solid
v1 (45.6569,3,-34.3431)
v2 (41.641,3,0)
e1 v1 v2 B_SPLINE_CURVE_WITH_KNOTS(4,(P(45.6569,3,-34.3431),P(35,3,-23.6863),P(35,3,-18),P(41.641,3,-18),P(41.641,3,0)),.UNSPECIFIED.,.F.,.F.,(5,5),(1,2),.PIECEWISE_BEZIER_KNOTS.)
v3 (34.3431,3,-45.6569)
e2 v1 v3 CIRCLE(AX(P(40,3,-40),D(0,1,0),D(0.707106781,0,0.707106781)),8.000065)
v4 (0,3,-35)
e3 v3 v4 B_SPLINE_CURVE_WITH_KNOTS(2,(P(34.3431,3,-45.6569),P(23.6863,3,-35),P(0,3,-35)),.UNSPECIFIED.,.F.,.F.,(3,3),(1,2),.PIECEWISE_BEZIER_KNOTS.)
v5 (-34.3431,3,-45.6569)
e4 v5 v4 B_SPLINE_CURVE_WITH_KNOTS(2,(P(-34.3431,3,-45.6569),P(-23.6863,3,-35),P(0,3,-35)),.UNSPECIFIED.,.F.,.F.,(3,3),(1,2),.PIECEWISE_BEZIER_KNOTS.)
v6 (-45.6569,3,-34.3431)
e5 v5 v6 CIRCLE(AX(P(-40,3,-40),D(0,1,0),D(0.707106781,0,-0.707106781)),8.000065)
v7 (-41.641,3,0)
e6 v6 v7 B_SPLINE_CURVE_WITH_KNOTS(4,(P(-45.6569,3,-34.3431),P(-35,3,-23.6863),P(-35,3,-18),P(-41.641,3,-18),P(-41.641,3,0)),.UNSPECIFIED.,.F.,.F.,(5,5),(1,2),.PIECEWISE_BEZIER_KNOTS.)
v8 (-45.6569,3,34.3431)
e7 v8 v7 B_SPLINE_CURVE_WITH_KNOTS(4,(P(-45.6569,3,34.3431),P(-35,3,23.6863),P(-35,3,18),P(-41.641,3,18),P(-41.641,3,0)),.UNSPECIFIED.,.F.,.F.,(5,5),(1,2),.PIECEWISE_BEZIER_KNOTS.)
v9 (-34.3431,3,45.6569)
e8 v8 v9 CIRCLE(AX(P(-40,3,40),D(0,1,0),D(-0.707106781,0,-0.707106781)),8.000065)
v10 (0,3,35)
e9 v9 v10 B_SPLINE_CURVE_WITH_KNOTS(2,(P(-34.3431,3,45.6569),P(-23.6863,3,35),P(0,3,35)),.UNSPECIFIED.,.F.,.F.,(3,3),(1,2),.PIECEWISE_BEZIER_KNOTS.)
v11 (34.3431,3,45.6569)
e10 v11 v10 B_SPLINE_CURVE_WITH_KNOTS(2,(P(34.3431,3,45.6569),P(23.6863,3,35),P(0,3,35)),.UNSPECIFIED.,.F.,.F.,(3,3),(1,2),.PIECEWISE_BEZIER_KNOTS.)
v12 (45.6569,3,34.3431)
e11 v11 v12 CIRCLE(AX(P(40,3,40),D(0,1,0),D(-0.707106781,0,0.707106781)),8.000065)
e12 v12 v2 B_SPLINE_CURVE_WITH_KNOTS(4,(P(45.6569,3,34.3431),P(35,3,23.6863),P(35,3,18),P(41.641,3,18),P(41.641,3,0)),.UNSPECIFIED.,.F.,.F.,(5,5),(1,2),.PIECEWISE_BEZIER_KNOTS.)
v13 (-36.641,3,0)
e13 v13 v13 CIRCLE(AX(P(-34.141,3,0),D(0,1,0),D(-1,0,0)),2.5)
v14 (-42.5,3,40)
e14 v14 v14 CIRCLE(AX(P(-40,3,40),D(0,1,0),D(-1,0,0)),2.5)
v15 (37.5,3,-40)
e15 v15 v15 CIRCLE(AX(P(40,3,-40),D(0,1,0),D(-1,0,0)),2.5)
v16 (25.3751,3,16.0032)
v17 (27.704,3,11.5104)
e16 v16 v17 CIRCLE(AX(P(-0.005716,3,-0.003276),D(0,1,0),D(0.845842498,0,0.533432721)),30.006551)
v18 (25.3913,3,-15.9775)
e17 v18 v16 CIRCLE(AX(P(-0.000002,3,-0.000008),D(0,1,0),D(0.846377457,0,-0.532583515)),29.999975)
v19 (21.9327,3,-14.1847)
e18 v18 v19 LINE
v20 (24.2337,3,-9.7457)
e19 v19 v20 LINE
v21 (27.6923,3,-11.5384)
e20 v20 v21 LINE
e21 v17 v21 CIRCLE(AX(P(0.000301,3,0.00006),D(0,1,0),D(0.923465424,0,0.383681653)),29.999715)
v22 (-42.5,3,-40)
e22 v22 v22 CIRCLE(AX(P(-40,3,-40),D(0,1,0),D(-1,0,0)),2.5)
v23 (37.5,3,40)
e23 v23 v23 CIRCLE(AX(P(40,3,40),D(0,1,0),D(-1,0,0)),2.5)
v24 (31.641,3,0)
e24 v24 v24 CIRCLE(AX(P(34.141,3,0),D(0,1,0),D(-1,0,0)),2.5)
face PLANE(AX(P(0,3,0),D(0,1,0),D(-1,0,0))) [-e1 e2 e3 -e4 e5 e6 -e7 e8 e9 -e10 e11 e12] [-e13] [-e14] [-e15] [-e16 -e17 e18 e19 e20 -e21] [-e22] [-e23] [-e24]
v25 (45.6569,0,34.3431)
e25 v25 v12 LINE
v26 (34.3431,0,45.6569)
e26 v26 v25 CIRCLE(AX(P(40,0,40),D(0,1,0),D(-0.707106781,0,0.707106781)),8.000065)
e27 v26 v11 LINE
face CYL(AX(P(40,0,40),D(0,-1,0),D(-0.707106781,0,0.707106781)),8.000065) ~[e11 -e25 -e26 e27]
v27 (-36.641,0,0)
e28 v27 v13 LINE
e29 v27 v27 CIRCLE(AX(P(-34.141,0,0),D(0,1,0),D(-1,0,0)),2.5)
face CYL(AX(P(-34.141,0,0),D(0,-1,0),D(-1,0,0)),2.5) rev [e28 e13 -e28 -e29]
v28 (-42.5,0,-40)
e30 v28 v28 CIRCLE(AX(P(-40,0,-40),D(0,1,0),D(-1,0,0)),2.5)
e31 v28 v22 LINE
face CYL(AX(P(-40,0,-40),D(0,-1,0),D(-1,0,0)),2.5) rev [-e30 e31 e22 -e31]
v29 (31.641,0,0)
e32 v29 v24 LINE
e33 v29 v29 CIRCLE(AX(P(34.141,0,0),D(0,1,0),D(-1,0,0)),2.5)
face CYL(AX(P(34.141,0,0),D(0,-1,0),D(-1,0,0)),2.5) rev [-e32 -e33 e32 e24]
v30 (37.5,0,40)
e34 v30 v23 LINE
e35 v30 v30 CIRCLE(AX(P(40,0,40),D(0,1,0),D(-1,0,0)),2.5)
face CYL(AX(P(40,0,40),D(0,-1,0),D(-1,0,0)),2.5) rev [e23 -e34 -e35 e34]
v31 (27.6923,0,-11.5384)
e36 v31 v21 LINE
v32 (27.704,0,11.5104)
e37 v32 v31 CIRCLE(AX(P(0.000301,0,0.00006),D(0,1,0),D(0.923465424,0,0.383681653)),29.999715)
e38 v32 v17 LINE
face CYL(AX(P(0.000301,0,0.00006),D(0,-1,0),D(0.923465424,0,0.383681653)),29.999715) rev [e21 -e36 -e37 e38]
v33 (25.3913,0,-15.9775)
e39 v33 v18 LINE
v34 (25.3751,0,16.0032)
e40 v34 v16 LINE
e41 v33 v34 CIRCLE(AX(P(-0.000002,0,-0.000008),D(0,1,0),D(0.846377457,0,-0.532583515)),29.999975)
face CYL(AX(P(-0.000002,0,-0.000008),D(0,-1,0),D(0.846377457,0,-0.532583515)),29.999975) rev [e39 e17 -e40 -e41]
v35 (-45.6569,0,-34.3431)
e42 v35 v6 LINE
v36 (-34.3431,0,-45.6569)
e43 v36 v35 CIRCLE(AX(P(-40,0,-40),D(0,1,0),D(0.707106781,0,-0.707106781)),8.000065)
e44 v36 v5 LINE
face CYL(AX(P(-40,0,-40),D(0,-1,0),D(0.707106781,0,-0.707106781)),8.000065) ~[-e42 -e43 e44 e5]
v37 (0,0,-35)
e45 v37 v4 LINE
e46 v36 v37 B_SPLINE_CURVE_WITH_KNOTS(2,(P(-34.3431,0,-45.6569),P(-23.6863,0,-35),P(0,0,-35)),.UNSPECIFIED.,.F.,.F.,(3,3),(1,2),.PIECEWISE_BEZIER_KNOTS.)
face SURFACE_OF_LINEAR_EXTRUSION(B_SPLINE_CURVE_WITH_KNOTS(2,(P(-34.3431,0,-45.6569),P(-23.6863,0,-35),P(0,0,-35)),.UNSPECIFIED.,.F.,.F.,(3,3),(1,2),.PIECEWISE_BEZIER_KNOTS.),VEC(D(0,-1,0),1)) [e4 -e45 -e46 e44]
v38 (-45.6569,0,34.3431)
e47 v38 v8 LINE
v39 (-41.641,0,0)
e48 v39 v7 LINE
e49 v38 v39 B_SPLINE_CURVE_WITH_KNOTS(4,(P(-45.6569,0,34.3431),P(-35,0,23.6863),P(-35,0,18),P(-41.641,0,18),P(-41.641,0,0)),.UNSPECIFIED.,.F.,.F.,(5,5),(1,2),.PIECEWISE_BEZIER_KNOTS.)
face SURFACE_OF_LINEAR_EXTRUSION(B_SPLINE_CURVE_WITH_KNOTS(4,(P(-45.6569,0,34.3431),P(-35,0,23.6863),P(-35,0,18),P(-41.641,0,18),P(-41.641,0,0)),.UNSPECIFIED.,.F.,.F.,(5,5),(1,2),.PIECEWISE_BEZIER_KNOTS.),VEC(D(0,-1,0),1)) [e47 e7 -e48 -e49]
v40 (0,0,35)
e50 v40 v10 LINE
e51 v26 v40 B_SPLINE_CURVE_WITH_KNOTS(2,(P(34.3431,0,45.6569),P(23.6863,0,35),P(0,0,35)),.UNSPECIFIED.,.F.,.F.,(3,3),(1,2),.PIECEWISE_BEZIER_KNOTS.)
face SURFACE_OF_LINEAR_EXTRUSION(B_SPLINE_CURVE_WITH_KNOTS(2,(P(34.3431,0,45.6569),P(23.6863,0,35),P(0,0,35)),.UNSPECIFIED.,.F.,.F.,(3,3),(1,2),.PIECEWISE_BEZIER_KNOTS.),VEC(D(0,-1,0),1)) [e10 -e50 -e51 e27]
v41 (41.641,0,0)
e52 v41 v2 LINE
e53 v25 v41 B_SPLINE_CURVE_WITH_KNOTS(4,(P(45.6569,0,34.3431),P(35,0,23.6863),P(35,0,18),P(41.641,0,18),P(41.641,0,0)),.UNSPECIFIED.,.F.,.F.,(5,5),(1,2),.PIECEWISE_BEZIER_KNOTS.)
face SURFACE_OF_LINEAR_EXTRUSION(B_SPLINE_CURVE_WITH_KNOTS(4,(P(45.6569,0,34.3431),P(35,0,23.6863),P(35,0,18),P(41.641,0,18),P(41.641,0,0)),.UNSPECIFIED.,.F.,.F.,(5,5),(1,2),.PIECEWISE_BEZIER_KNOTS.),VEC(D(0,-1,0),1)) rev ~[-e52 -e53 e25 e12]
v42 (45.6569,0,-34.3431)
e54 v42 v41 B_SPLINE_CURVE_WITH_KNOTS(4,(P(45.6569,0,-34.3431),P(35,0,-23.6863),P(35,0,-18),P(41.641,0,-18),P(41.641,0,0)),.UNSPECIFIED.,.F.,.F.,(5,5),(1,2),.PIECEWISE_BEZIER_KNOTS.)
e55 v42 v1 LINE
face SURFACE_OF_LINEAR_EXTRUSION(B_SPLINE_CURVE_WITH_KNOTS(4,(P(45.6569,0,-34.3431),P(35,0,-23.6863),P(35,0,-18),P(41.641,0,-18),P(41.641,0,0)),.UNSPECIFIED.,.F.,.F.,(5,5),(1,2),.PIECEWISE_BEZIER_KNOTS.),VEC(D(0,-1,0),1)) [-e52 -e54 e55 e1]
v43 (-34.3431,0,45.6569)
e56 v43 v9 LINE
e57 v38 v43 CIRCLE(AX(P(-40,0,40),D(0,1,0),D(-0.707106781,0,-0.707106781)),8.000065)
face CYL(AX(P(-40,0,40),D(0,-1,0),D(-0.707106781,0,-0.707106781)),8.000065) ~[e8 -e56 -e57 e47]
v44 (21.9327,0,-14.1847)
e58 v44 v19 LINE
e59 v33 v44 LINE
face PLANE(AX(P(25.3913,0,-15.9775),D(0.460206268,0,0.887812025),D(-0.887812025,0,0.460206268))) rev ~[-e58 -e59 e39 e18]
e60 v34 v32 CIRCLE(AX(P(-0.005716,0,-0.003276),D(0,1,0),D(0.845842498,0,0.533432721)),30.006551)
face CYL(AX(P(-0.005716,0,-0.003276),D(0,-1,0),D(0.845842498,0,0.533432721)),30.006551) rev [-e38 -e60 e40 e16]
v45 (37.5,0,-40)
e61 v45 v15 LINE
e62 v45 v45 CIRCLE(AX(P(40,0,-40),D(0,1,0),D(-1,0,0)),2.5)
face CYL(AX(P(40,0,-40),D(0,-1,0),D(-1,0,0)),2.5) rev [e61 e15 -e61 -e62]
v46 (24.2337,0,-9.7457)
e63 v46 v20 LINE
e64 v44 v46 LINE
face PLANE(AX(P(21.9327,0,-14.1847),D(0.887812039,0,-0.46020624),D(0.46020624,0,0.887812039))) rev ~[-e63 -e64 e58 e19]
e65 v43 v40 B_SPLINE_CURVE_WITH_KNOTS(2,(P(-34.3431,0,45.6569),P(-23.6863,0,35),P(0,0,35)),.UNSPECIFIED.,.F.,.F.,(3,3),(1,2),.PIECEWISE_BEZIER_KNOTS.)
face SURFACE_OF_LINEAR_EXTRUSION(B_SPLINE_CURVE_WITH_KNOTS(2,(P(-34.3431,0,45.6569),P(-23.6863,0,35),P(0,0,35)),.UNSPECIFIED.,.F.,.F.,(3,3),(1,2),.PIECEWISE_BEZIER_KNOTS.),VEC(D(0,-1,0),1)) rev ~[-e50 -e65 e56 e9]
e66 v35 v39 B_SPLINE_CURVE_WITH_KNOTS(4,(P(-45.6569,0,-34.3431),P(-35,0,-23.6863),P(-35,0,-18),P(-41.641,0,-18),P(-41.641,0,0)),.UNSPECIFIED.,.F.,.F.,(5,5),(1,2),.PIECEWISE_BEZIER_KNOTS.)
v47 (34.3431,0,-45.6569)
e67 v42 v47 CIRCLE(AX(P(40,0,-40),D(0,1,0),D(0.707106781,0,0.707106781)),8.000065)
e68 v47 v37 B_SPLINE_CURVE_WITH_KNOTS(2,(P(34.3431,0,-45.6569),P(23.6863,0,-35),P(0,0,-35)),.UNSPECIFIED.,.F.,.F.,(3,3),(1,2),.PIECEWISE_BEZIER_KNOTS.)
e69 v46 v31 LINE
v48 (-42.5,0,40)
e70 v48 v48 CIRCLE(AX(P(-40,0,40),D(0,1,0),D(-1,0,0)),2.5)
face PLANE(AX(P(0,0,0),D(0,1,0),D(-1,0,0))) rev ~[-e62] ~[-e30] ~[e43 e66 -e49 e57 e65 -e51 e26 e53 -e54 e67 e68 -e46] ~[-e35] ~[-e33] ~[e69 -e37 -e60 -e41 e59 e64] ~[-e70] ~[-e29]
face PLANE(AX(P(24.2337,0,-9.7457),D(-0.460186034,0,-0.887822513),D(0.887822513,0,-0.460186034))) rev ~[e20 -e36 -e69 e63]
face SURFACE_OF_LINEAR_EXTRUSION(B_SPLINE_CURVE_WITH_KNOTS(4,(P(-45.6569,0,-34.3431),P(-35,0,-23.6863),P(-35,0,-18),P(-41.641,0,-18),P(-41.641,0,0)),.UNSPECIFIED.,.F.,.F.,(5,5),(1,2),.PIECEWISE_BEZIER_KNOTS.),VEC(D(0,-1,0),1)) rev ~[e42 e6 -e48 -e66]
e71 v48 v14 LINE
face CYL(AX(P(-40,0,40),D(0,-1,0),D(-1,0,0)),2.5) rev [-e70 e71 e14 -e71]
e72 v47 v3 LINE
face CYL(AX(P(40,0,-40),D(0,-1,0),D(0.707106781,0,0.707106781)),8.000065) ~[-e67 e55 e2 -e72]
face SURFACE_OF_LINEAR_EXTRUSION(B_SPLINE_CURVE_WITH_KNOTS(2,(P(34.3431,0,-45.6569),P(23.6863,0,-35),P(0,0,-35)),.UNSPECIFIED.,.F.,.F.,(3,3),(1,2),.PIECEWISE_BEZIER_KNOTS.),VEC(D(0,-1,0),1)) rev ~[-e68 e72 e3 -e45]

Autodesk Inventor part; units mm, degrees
ref_plane "YZ Plane" through (0, 0, 0) normal (1, 0, 0) x (0, 1, 0)
ref_plane "XZ Plane" through (0, 0, 0) normal (0, 1, 0) x (-1, 0, 0)
ref_plane "XY Plane" through (0, 0, 0) normal (0, 0, 1) x (1, 0, 0)
sketch "Sketch1" plane through (0, 0, 0) normal (0, 1, 0) x (-1, 0, 0)
  arc A0 (-27.704, 11.5104) -> (-27.6923, -11.5384) centre (0, 0) ccw
  line L0 (0, 0) -> (-57.7769, 0) construction
  circle A1 centre (34.141, 0) radius 2.5
  circle A2 centre (-34.141, 0) radius 2.5
  line L1 (34.141, 0) -> (-34.141, 0) construction
  line L2 (40, -40) -> (-40, -40) construction
  line L3 (-40, -40) -> (-40, 40) construction
  line L4 (-40, 40) -> (40, 40) construction
  line L5 (40, 40) -> (40, -40) construction
  line L6 (40, -40) -> (-40, 40) construction
  line L7 (-40, -40) -> (40, 40) construction
  circle A3 centre (40, -40) radius 2.5
  circle A4 centre (-40, -40) radius 2.5
  circle A5 centre (40, 40) radius 2.5
  circle A6 centre (-40, 40) radius 2.5
  arc A7 (-45.6569, -34.3431) -> (-34.3431, -45.6569) centre (-40, -40) ccw
  line L8 (-34.3431, -45.6569) -> (-45.6569, -34.3431) construction
  line L9 (-34.3431, -45.6569) -> (-23.6863, -35) construction
  line L10 (-23.6863, -35) -> (0, -35) construction
  spline S0 degree 2 poles (-34.3431, -45.6569) (-23.6863, -35) (0, -35) knots 1 1 1 2 2 2
  arc A8 (-25.3751, 16.0032) -> (-27.704, 11.5104) centre (0, 0) ccw
  line L11 (-45.6569, -34.3431) -> (-35, -23.6863) construction
  line L12 (-35, -23.6863) -> (-35, -18) construction
  line L13 (-35, -18) -> (-41.641, -18) construction
  line L14 (-41.641, -18) -> (-41.641, 0) construction
  spline S1 degree 4 poles (-45.6569, -34.3431) (-35, -23.6863) (-35, -18) (-41.641, -18) (-41.641, 0) knots 1 1 1 1 1 2 2 2 2 2
  arc A9 (-34.3431, 45.6569) -> (-45.6569, 34.3431) centre (-40, 40) ccw
  line L15 (-34.3431, 45.6569) -> (-23.6863, 35) construction
  line L16 (-23.6863, 35) -> (0, 35) construction
  spline S2 degree 2 poles (-34.3431, 45.6569) (-23.6863, 35) (0, 35) knots 1 1 1 2 2 2
  line L17 (-45.6569, 34.3431) -> (-35, 23.6863) construction
  line L18 (-35, 23.6863) -> (-35, 18) construction
  line L19 (-35, 18) -> (-41.641, 18) construction
  line L20 (-41.641, 18) -> (-41.641, 0) construction
  spline S3 degree 4 poles (-45.6569, 34.3431) (-35, 23.6863) (-35, 18) (-41.641, 18) (-41.641, 0) knots 1 1 1 1 1 2 2 2 2 2
  line L21 (0, 0) -> (0, -30) construction
  arc A10 (34.3431, -45.6569) -> (45.6569, -34.3431) centre (40, -40) ccw
  line L22 (34.3431, -45.6569) -> (23.6863, -35) construction
  line L23 (23.6863, -35) -> (0, -35) construction
  spline S4 degree 2 poles (34.3431, -45.6569) (23.6863, -35) (0, -35) knots 1 1 1 2 2 2
  line L24 (45.6569, -34.3431) -> (35, -23.6863) construction
  line L25 (35, -23.6863) -> (35, -18) construction
  line L26 (35, -18) -> (41.641, -18) construction
  line L27 (41.641, -18) -> (41.641, 0) construction
  spline S5 degree 4 poles (45.6569, -34.3431) (35, -23.6863) (35, -18) (41.641, -18) (41.641, 0) knots 1 1 1 1 1 2 2 2 2 2
  arc A11 (45.6569, 34.3431) -> (34.3431, 45.6569) centre (40, 40) ccw
  spline S6 degree 4 poles (45.6569, 34.3431) (35, 23.6863) (35, 18) (41.641, 18) (41.641, 0) knots 1 1 1 1 1 2 2 2 2 2
  spline S7 degree 2 poles (34.3431, 45.6569) (23.6863, 35) (0, 35) knots 1 1 1 2 2 2
  line L28 (45.6569, 34.3431) -> (35, 23.6863) construction
  line L29 (35, 23.6863) -> (35, 18) construction
  line L30 (35, 18) -> (41.641, 18) construction
  line L31 (41.641, 18) -> (41.641, 0) construction
  line L32 (34.3431, 45.6569) -> (23.6863, 35) construction
  line L33 (23.6863, 35) -> (0, 35) construction
  line L34 (-25.3913, -15.9775) -> (-21.9327, -14.1847)
  line L35 (-21.9327, -14.1847) -> (-24.2337, -9.7457)
  line L36 (-24.2337, -9.7457) -> (-27.6923, -11.5384)
  line L37 (0, 0) -> (-23.0832, -11.9652) construction
  arc A12 (-27.6923, -11.5384) -> (-25.3913, -15.9775) centre (0, 0) ccw construction
  arc A13 (-25.3913, -15.9775) -> (-25.3751, 16.0032) centre (0, 0) ccw
  point P0 (-36.641, 0)
  point P1 (-30, 0)
  dimension "d0" = 60
  dimension "d4" = 5
  dimension "d5" = 68.282
  dimension "d6" = 80
  dimension "d7" = 80
  dimension "d8" = 5
  dimension "d9" = 5
  dimension "d10" = 5
  dimension "d11" = 5
  dimension "d12" = 8
  dimension "d13" = 45
  dimension "d14" = 5
  dimension "d15" = 5
  dimension "d16" = 5
  dimension "d17" = 18
  dimension "d20" = 5
  dimension "d21" = 26
  dimension "d22" = 27.4
extrude "Extrusion1" add sketch "Sketch1" along normal blind 3
properties part number "YawMotorPlate" material "Glass"
